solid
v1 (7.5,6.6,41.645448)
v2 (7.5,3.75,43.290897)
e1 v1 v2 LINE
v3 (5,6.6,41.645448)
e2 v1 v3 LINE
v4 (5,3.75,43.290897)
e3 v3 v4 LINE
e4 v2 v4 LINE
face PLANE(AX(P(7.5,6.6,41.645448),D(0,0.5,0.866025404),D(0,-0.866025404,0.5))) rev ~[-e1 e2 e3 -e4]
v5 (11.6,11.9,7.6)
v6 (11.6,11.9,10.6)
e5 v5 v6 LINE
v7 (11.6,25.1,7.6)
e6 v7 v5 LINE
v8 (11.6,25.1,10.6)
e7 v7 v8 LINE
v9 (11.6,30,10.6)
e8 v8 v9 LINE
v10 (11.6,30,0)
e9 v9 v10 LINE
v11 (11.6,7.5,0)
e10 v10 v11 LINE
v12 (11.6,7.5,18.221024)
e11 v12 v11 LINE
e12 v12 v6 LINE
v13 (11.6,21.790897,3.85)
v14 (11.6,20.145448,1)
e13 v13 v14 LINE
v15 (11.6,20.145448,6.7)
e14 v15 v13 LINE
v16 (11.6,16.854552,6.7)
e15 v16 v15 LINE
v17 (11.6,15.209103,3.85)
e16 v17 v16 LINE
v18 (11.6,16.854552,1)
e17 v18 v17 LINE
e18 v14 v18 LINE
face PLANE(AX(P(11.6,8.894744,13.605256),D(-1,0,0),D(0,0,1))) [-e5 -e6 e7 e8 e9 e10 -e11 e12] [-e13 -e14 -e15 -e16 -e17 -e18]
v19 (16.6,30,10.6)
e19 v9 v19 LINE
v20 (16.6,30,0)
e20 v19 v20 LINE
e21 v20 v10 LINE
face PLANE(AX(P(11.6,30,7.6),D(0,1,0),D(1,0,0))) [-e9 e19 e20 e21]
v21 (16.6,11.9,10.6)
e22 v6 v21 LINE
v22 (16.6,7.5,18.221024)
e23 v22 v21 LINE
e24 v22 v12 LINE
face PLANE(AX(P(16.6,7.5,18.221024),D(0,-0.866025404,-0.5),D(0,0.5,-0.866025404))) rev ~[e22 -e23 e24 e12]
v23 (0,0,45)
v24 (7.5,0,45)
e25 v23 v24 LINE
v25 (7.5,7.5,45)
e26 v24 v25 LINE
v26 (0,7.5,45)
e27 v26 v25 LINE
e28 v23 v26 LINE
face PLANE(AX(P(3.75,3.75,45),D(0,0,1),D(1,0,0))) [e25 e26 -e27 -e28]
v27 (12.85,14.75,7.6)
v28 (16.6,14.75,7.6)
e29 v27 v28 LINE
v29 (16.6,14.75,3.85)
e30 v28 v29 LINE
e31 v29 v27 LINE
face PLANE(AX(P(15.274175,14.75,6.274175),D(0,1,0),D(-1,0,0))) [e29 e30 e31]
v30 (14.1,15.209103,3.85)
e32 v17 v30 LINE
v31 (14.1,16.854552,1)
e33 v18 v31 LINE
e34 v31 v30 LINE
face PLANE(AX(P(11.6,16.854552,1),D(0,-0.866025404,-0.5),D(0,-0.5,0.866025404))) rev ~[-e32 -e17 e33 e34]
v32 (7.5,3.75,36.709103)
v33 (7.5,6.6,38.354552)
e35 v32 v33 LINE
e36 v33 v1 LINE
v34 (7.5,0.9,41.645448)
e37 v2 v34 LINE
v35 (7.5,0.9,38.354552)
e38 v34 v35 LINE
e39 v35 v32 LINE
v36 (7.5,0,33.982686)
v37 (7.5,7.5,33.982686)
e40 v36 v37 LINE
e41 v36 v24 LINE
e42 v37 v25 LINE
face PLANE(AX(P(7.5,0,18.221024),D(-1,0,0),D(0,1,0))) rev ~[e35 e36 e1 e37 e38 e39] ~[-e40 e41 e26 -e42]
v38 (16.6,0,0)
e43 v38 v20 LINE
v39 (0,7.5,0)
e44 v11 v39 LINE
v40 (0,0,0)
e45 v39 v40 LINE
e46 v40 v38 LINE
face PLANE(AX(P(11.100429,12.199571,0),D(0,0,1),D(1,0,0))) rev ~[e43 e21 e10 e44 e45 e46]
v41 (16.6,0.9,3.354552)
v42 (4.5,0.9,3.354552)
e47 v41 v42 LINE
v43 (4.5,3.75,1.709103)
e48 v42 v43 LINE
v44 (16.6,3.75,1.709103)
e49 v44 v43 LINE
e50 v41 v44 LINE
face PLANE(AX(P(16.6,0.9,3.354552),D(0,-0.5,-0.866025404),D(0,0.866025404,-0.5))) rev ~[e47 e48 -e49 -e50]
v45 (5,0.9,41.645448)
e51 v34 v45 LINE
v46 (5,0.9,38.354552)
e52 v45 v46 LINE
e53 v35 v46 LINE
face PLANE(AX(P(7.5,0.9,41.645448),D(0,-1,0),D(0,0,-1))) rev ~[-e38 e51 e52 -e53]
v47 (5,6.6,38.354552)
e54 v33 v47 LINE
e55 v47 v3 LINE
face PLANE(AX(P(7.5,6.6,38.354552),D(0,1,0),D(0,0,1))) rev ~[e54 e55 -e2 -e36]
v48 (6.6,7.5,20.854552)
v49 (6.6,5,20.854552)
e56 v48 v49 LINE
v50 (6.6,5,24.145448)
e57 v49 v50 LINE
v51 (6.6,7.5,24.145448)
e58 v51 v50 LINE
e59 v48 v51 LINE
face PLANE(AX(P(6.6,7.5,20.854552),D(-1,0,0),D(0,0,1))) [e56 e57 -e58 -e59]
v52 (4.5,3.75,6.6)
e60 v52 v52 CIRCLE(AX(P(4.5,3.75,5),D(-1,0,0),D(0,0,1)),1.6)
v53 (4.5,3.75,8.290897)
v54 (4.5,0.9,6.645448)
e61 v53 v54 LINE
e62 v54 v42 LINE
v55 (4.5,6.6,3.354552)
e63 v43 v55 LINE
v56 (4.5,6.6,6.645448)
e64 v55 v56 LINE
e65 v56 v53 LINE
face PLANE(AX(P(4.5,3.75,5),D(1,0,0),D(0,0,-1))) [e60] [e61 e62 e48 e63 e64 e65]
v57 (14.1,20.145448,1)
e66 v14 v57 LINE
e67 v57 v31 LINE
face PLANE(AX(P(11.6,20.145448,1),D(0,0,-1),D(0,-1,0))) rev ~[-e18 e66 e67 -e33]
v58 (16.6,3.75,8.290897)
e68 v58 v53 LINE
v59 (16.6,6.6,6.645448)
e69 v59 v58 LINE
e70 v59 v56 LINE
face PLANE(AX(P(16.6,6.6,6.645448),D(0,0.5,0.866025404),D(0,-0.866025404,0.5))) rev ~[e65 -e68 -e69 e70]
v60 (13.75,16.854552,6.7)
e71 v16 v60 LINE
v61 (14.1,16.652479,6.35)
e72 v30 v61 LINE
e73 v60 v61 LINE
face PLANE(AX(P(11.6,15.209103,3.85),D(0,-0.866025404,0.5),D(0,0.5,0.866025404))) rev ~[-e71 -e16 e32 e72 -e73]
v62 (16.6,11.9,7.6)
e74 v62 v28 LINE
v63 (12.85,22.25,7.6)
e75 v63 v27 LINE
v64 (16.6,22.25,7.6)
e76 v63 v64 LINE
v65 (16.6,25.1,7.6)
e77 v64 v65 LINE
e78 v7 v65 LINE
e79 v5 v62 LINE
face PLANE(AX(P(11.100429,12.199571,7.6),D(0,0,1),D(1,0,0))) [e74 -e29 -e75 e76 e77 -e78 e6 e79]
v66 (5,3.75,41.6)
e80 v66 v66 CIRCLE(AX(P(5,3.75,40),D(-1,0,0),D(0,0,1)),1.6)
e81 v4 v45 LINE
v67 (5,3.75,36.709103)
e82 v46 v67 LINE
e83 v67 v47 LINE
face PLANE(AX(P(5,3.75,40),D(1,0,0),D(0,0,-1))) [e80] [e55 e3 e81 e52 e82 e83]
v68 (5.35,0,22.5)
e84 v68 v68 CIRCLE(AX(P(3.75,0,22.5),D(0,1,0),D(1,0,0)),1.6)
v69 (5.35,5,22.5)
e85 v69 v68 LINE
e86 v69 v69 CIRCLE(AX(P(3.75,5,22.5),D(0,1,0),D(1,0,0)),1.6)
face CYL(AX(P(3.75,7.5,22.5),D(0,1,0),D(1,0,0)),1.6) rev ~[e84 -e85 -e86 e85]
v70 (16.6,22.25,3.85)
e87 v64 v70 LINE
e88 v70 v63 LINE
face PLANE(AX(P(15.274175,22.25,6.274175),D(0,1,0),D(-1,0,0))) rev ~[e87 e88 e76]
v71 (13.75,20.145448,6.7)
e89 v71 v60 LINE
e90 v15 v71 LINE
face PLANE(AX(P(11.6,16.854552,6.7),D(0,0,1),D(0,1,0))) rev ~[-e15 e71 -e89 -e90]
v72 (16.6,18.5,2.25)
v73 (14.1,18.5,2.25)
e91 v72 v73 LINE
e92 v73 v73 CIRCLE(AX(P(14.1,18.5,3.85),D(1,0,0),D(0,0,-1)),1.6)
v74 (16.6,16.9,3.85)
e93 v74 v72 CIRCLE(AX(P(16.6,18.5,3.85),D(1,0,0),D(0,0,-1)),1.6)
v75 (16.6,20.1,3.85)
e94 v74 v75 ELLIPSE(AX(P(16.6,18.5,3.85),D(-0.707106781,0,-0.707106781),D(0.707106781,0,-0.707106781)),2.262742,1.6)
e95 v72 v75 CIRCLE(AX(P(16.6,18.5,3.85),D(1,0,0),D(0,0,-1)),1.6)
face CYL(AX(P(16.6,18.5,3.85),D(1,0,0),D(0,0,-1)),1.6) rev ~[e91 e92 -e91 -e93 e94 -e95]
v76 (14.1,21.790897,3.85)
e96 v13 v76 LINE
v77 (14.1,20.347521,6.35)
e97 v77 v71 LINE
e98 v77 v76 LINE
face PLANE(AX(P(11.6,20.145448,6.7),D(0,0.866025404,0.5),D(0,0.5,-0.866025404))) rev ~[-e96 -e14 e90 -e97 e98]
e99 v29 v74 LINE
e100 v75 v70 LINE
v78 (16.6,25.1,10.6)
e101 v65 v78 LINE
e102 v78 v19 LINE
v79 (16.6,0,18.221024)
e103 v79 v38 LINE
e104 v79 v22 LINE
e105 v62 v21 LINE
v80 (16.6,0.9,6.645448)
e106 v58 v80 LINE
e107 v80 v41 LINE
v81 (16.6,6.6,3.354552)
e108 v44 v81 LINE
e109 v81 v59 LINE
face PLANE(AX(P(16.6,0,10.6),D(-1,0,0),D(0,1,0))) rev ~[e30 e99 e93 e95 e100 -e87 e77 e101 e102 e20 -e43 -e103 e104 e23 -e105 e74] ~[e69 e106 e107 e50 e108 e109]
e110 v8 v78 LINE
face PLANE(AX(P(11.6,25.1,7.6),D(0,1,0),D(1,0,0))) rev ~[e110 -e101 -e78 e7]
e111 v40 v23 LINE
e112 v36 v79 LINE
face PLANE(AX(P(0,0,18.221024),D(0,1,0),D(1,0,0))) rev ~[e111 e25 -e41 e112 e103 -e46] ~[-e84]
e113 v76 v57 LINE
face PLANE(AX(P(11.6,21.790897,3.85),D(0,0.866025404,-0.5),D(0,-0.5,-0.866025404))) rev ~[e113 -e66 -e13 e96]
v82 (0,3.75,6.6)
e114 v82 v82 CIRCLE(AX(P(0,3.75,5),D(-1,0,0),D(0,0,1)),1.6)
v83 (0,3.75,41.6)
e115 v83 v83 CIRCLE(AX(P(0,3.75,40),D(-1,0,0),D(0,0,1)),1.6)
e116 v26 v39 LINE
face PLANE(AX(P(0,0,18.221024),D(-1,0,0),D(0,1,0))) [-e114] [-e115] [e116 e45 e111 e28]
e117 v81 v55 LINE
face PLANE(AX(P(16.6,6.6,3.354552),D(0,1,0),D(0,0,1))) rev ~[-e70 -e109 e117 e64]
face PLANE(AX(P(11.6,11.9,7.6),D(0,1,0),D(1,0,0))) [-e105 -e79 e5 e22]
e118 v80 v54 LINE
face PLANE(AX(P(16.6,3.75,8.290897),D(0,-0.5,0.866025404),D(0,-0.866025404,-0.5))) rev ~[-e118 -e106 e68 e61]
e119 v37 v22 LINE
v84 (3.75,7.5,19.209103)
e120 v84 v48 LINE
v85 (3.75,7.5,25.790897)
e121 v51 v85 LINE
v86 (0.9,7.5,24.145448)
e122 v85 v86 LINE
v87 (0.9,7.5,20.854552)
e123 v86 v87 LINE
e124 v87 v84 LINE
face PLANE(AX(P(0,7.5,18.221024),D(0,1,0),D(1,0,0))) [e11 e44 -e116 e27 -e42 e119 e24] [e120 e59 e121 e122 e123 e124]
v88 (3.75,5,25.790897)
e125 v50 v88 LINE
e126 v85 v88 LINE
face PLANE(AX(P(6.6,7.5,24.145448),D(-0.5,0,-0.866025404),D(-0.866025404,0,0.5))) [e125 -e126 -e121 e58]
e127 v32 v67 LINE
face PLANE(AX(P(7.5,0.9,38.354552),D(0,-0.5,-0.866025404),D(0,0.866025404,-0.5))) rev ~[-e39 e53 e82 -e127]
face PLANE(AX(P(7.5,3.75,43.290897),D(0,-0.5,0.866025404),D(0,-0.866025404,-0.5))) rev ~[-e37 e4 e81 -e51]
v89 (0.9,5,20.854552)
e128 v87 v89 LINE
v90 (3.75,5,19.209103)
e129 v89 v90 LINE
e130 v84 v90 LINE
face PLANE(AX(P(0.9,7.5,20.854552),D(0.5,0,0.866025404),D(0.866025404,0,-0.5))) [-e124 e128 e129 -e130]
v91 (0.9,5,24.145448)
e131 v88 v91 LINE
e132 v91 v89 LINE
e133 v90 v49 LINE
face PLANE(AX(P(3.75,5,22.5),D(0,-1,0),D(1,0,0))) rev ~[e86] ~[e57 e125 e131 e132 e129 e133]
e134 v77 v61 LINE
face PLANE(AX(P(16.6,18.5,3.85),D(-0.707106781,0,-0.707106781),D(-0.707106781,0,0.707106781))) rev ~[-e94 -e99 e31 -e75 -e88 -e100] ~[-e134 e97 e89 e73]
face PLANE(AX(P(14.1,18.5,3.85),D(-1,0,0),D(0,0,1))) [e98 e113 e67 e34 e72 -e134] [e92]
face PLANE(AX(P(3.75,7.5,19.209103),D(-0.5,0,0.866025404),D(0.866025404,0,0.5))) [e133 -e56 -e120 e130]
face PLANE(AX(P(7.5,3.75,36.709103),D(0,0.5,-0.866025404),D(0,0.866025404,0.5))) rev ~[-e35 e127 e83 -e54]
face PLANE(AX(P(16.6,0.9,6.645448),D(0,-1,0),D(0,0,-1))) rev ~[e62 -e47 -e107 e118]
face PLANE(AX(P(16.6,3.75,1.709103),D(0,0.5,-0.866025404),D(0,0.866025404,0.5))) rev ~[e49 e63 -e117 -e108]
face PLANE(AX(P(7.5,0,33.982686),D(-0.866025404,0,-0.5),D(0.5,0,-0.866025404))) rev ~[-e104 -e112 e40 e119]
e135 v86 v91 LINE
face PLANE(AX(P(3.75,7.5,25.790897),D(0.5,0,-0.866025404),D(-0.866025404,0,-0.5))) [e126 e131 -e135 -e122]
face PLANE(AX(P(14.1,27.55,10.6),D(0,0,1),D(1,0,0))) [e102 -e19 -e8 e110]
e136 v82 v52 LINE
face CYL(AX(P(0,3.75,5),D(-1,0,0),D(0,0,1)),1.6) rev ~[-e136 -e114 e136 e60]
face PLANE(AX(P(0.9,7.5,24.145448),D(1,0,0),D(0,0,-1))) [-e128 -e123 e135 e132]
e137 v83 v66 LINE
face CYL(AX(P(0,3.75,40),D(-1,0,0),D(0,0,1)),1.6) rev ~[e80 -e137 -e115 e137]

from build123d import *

# Parameters (mm, degrees)
SALIENTE_EXTRUIR1_DEPTH = 7.6
CORTAR_EXTRUIR1_REACH   = 18.6
CROQUIS2_R              = 1.6
CROQUIS3_W              = 5
CROQUIS3_H              = 4.9
SALIENTE_EXTRUIR2_DEPTH = 3
SALIENTE_EXTRUIR3_DEPTH = 5
SALIENTE_EXTRUIR4_DEPTH = 7.621024
SALIENTE_EXTRUIR5_DEPTH = 7.5
CROQUIS7_W              = 7.5
CROQUIS7_H              = 7.5
SALIENTE_EXTRUIR6_DEPTH = 26.778976
CORTAR_EXTRUIR2_REACH   = 18.6
CROQUIS8_R              = 1.6
CORTAR_EXTRUIR3_DEPTH   = 2.5
CORTAR_EXTRUIR4_DEPTH   = 2.5
CORTAR_EXTRUIR5_DEPTH   = 12.1
CORTAR_EXTRUIR6_REACH   = 9.5
CROQUIS12_R             = 1.6
CORTAR_EXTRUIR7_DEPTH   = 2.5
CORTAR_EXTRUIR8_DEPTH   = 3.75


with BuildPart() as part:
    # Croquis1 → Saliente-Extruir1 (new body)
    with BuildSketch(Plane.XY):
        Polygon((0, 0), (16.6, 0), (16.6, 30), (11.6, 30), (11.6, 7.5), (0, 7.5), align=None)
    extrude(amount=SALIENTE_EXTRUIR1_DEPTH)

    # Croquis2 → Cortar-Extruir1 (cut, up to next)
    with BuildSketch(Plane(origin=(16.6, 0, 0), x_dir=(0, 0, -1), z_dir=(1, 0, 0)), mode=Mode.PRIVATE) as cortar_extruir1_sk1:
        with Locations((-3.85, 18.5)):
            Circle(CROQUIS2_R)
    cortar_extruir1_tool1 = extrude(cortar_extruir1_sk1.sketch, amount=-CORTAR_EXTRUIR1_REACH, mode=Mode.PRIVATE) & part.part
    add(cortar_extruir1_tool1.solids().sort_by_distance((16.6, 18.5, 3.85))[0], mode=Mode.SUBTRACT)

    # Croquis3 → Saliente-Extruir2 (add)
    with BuildSketch(Plane.XY.offset(7.6)):
        with Locations((14.1, 27.55)):
            Rectangle(CROQUIS3_W, CROQUIS3_H)
        Polygon((11.6, 11.9), (16.6, 11.9), (16.6, 0), (0, 0), (0, 7.5), (11.6, 7.5), align=None)
    extrude(amount=SALIENTE_EXTRUIR2_DEPTH)

    # Croquis4 → Saliente-Extruir3 (add)
    with BuildSketch(Plane(origin=(16.6, 0, 0), x_dir=(0, 0, -1), z_dir=(1, 0, 0))):
        Polygon((-10.6, 7.5), (-18.221023553, 7.5), (-10.6, 11.9), align=None)
    extrude(amount=-SALIENTE_EXTRUIR3_DEPTH)

    # Croquis5 → Saliente-Extruir4 (add)
    with BuildSketch(Plane.XY.offset(10.6)):
        Polygon((16.6, 0), (16.6, 7.5), (11.6, 7.5), (0, 7.5), (0, 0), align=None)
    extrude(amount=SALIENTE_EXTRUIR4_DEPTH)

    # Croquis6 → Saliente-Extruir5 (add)
    with BuildSketch(Plane.XZ):
        Polygon((7.5, 18.221023553), (7.5, 33.982685902), (16.6, 18.221023553), align=None)
    extrude(amount=-SALIENTE_EXTRUIR5_DEPTH)

    # Croquis7 → Saliente-Extruir6 (add)
    with BuildSketch(Plane.XY.offset(18.221023553)):
        with Locations((3.75, 3.75)):
            Rectangle(CROQUIS7_W, CROQUIS7_H)
    extrude(amount=SALIENTE_EXTRUIR6_DEPTH)

    # Croquis8 → Cortar-Extruir2 (cut, up to next)
    with BuildSketch(Plane.ZY, mode=Mode.PRIVATE) as cortar_extruir2_sk1:
        with Locations((40, 3.75)):
            Circle(CROQUIS8_R)
    cortar_extruir2_tool1 = extrude(cortar_extruir2_sk1.sketch, amount=-CORTAR_EXTRUIR2_REACH, mode=Mode.PRIVATE) & part.part
    add(cortar_extruir2_tool1.solids().sort_by_distance((0, 3.75, 40))[0], mode=Mode.SUBTRACT)
    # Croquis8 → Cortar-Extruir2 (cut, up to next)
    with BuildSketch(Plane.ZY, mode=Mode.PRIVATE) as cortar_extruir2_sk2:
        with Locations((5, 3.75)):
            Circle(CROQUIS8_R)
    cortar_extruir2_tool2 = extrude(cortar_extruir2_sk2.sketch, amount=-CORTAR_EXTRUIR2_REACH, mode=Mode.PRIVATE) & part.part
    add(cortar_extruir2_tool2.solids().sort_by_distance((0, 3.75, 5))[0], mode=Mode.SUBTRACT)

    # Croquis9 → Cortar-Extruir3 (cut)
    with BuildSketch(Plane.ZY.offset(-11.6)):
        Polygon((1, 16.854551733), (3.85, 15.209103466), (6.7, 16.854551733), (6.7, 20.145448267), (3.85, 21.790896534), (1, 20.145448267), align=None)
    extrude(amount=-CORTAR_EXTRUIR3_DEPTH, mode=Mode.SUBTRACT)

    # Croquis10 → Cortar-Extruir4 (cut)
    with BuildSketch(Plane(origin=(7.5, 0, 0), x_dir=(0, 0, -1), z_dir=(1, 0, 0))):
        Polygon((-38.354551733, 6.6), (-41.645448267, 6.6), (-43.290896534, 3.75), (-41.645448267, 0.9), (-38.354551733, 0.9), (-36.709103466, 3.75), align=None)
    extrude(amount=-CORTAR_EXTRUIR4_DEPTH, mode=Mode.SUBTRACT)

    # Croquis11 → Cortar-Extruir5 (cut)
    with BuildSketch(Plane(origin=(16.6, 0, 0), x_dir=(0, 0, -1), z_dir=(1, 0, 0))):
        Polygon((-6.645448267, 0.9), (-3.354551733, 0.9), (-1.709103466, 3.75), (-3.354551733, 6.6), (-6.645448267, 6.6), (-8.290896534, 3.75), align=None)
    extrude(amount=-CORTAR_EXTRUIR5_DEPTH, mode=Mode.SUBTRACT)

    # Croquis12 → Cortar-Extruir6 (cut, up to next)
    with BuildSketch(Plane(origin=(0, 7.5, 0), x_dir=(1, 0, 0), z_dir=(0, 1, 0)), mode=Mode.PRIVATE) as cortar_extruir6_sk1:
        with Locations((3.75, -22.5)):
            Circle(CROQUIS12_R)
    cortar_extruir6_tool1 = extrude(cortar_extruir6_sk1.sketch, amount=-CORTAR_EXTRUIR6_REACH, mode=Mode.PRIVATE) & part.part
    add(cortar_extruir6_tool1.solids().sort_by_distance((3.75, 7.5, 22.5))[0], mode=Mode.SUBTRACT)

    # Croquis13 → Cortar-Extruir7 (cut)
    with BuildSketch(Plane.XZ.offset(-7.5)):
        Polygon((6.6, 20.854551733), (6.6, 24.145448267), (3.75, 25.790896534), (0.9, 24.145448267), (0.9, 20.854551733), (3.75, 19.209103466), align=None)
    extrude(amount=CORTAR_EXTRUIR7_DEPTH, mode=Mode.SUBTRACT)

    # Croquis14 → Cortar-Extruir8 (cut, symmetric)
    with BuildSketch(Plane(origin=(0, 18.5, 0), x_dir=(-1, 0, 0), z_dir=(0, 1, 0))):
        Polygon((-16.6, 7.6), (-16.6, 3.85), (-12.85, 7.6), align=None)
    extrude(amount=CORTAR_EXTRUIR8_DEPTH, both=True, mode=Mode.SUBTRACT)


solid = part.part
